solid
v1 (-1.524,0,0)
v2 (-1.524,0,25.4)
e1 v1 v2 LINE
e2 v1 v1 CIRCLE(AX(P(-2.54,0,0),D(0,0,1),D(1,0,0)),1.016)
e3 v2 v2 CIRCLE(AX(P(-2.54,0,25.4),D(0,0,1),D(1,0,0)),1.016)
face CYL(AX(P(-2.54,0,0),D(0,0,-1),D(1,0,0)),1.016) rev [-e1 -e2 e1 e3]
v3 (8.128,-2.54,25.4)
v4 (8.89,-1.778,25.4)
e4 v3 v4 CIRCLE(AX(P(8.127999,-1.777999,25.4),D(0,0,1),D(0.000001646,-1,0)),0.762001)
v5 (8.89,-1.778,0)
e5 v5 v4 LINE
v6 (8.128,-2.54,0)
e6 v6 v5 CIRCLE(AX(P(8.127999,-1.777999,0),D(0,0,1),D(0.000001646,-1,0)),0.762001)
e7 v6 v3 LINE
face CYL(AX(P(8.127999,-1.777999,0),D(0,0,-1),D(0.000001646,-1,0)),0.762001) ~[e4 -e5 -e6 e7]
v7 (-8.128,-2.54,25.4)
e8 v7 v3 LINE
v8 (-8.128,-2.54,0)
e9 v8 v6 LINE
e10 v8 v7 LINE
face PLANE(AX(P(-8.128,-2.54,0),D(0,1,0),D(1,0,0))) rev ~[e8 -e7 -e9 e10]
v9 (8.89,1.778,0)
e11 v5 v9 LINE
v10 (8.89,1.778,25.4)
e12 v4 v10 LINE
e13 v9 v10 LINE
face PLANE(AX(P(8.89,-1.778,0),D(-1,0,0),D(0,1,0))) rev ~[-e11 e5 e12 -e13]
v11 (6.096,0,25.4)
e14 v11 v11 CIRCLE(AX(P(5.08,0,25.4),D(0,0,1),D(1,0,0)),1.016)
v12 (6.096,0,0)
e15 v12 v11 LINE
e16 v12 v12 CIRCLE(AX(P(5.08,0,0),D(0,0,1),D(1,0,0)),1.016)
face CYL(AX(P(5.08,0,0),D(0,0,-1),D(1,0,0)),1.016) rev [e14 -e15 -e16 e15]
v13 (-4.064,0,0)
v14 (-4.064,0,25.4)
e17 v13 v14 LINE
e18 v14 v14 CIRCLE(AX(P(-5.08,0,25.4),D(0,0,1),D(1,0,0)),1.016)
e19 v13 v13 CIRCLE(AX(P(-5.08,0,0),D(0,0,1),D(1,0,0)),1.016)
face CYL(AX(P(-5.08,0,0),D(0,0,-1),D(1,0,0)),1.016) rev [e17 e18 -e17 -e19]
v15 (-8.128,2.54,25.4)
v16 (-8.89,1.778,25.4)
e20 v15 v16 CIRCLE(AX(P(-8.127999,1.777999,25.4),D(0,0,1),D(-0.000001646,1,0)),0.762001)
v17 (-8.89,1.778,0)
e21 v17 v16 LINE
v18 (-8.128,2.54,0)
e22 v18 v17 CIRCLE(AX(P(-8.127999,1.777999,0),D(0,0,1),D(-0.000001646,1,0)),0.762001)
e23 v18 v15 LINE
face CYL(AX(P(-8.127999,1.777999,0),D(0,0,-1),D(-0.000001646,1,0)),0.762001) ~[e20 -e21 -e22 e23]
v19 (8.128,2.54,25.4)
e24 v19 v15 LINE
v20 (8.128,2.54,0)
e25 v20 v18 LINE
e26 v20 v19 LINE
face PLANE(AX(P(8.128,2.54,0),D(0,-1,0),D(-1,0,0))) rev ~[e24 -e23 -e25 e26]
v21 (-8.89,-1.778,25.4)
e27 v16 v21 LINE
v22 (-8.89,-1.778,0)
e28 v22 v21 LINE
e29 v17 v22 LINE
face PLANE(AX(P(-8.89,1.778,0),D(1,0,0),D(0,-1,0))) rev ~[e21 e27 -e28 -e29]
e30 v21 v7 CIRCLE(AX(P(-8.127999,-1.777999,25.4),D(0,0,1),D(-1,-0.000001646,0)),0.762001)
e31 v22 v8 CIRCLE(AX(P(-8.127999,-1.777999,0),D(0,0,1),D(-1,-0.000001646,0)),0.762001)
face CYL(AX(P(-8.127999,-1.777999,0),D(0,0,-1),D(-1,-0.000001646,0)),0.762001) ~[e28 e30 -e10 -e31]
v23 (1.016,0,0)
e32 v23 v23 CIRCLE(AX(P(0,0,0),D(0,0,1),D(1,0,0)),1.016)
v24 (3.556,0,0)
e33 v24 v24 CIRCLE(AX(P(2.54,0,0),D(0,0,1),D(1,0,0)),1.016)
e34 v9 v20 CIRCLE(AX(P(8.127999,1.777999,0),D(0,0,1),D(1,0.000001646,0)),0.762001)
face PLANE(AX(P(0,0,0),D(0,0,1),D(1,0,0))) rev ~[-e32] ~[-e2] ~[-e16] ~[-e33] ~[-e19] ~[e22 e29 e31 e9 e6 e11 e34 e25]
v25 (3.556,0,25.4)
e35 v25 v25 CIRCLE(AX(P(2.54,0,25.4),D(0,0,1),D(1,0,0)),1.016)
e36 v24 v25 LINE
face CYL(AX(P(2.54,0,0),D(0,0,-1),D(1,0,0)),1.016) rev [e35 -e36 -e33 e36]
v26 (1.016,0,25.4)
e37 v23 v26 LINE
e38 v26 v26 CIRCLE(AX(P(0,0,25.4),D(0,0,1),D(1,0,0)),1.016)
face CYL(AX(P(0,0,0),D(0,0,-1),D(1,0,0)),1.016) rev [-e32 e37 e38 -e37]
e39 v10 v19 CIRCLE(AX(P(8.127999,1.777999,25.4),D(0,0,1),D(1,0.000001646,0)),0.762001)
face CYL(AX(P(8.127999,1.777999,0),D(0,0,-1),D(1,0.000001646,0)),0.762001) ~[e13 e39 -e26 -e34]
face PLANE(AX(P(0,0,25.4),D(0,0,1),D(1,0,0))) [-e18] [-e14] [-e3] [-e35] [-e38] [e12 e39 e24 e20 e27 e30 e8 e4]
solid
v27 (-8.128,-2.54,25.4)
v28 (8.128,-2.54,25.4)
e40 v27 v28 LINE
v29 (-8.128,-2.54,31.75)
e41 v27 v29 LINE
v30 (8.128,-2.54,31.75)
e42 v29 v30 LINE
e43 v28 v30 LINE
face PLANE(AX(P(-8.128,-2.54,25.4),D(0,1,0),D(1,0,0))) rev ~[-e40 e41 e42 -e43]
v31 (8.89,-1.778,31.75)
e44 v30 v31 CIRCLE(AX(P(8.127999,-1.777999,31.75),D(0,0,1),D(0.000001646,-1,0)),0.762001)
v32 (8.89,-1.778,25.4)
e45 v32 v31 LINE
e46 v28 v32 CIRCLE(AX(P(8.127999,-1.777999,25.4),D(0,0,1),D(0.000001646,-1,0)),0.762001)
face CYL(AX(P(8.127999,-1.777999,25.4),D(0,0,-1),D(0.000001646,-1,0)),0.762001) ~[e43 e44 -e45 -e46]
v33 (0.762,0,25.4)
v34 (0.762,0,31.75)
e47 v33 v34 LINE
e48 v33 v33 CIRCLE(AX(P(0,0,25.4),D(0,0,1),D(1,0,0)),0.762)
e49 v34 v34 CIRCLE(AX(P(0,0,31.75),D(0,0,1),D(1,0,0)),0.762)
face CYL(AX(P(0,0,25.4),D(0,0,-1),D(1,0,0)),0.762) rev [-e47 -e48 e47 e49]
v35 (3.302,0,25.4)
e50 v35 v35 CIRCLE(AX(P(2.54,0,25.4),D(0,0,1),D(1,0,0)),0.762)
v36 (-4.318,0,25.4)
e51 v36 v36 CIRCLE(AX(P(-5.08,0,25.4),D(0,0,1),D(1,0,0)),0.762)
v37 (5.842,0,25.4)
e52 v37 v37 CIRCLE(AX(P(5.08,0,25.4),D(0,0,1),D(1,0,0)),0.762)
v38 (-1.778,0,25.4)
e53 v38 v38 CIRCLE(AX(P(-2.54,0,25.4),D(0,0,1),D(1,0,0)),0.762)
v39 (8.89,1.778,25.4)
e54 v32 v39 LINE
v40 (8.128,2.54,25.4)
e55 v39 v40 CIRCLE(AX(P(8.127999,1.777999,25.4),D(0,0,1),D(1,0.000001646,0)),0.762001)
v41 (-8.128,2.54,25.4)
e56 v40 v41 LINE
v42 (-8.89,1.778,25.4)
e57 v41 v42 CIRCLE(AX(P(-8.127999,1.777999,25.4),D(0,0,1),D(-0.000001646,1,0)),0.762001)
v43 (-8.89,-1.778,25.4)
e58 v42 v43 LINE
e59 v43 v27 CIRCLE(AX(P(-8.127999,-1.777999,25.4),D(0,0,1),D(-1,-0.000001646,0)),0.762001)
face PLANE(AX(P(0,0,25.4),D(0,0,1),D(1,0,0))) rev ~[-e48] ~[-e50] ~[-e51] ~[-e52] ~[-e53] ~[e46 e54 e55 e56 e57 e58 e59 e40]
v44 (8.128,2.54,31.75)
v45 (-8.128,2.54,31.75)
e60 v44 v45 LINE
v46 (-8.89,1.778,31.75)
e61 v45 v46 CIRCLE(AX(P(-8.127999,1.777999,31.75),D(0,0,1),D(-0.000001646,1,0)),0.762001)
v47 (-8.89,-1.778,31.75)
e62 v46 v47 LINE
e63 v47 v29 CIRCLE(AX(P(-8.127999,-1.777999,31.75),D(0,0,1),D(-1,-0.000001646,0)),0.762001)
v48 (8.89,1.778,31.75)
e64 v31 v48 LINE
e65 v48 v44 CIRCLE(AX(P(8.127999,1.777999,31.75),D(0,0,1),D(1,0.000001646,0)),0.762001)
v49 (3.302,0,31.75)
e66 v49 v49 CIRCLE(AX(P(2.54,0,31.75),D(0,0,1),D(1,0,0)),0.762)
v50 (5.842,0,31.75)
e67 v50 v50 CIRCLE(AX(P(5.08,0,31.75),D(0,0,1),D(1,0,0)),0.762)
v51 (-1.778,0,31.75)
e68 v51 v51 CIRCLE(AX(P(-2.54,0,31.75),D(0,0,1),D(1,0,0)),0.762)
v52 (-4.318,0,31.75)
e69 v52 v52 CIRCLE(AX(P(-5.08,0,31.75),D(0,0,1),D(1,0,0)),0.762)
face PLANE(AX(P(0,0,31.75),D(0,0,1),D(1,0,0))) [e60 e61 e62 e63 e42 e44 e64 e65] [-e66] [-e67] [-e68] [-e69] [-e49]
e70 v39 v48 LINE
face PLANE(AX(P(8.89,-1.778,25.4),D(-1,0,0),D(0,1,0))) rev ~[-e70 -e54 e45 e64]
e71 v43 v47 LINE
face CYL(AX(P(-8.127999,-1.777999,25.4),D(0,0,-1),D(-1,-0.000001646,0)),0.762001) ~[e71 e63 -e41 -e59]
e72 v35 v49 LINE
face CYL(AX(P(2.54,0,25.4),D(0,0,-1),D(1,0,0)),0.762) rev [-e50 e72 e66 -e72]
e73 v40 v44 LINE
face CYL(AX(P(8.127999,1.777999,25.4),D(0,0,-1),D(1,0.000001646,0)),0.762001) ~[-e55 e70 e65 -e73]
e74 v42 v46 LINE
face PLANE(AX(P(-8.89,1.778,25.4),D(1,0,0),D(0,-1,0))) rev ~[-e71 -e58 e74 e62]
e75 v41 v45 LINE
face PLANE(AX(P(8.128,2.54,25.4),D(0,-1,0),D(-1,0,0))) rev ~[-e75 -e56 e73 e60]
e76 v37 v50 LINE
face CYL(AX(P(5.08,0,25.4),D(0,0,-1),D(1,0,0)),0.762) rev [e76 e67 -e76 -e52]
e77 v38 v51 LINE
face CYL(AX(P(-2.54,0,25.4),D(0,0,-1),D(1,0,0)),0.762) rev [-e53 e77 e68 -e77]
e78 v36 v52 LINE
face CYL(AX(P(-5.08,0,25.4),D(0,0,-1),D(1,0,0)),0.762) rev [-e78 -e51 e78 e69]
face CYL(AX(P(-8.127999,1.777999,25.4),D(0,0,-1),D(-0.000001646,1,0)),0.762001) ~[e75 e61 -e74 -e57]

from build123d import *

# Parameters (mm, degrees)
F0_R     = 1.016
F1_DEPTH = 25.4
F2_R     = 0.762
F3_DEPTH = 6.35


with BuildPart() as f1:
    # F0 (on Top) → F1 (new body)
    with BuildSketch(Plane.XY):
        with BuildLine():
            Line((-8.128, -2.54), (8.128, -2.54))
            ThreePointArc((8.128, -2.54), (8.666815, -2.316815), (8.89, -1.778))
            Line((8.89, -1.778), (8.89, 1.778))
            ThreePointArc((8.89, 1.778), (8.666815, 2.316815), (8.128, 2.54))
            Line((8.128, 2.54), (-8.128, 2.54))
            ThreePointArc((-8.128, 2.54), (-8.666815, 2.316815), (-8.89, 1.778))
            Line((-8.89, 1.778), (-8.89, -1.778))
            ThreePointArc((-8.89, -1.778), (-8.666815, -2.316815), (-8.128, -2.54))
        make_face()
        with Locations((-5.08, 0)):
            Circle(F0_R, mode=Mode.SUBTRACT)
        with Locations((-2.54, 0)):
            Circle(F0_R, mode=Mode.SUBTRACT)
        Circle(F0_R, mode=Mode.SUBTRACT)
        with Locations((2.54, 0)):
            Circle(F0_R, mode=Mode.SUBTRACT)
        with Locations((5.08, 0)):
            Circle(F0_R, mode=Mode.SUBTRACT)
    extrude(amount=F1_DEPTH)


with BuildPart() as f3:
    # F2 (on face) → F3 (new body)
    with BuildSketch(Plane.XY.offset(25.4)):
        with BuildLine():
            ThreePointArc((8.89, 1.778), (8.666815, 2.316815), (8.128, 2.54))
            Line((8.128, 2.54), (-8.128, 2.54))
            ThreePointArc((-8.128, 2.54), (-8.666815, 2.316815), (-8.89, 1.778))
            Line((-8.89, 1.778), (-8.89, -1.778))
            ThreePointArc((-8.89, -1.778), (-8.666815, -2.316815), (-8.128, -2.54))
            Line((-8.128, -2.54), (8.128, -2.54))
            ThreePointArc((8.128, -2.54), (8.666815, -2.316815), (8.89, -1.778))
            Line((8.89, -1.778), (8.89, 1.778))
        make_face()
        with Locations((-5.08, 0)):
            Circle(F2_R, mode=Mode.SUBTRACT)
        with Locations((-2.54, 0)):
            Circle(F2_R, mode=Mode.SUBTRACT)
        Circle(F2_R, mode=Mode.SUBTRACT)
        with Locations((2.54, 0)):
            Circle(F2_R, mode=Mode.SUBTRACT)
        with Locations((5.08, 0)):
            Circle(F2_R, mode=Mode.SUBTRACT)
    extrude(amount=F3_DEPTH)


solid = Compound([f1.part, f3.part])
